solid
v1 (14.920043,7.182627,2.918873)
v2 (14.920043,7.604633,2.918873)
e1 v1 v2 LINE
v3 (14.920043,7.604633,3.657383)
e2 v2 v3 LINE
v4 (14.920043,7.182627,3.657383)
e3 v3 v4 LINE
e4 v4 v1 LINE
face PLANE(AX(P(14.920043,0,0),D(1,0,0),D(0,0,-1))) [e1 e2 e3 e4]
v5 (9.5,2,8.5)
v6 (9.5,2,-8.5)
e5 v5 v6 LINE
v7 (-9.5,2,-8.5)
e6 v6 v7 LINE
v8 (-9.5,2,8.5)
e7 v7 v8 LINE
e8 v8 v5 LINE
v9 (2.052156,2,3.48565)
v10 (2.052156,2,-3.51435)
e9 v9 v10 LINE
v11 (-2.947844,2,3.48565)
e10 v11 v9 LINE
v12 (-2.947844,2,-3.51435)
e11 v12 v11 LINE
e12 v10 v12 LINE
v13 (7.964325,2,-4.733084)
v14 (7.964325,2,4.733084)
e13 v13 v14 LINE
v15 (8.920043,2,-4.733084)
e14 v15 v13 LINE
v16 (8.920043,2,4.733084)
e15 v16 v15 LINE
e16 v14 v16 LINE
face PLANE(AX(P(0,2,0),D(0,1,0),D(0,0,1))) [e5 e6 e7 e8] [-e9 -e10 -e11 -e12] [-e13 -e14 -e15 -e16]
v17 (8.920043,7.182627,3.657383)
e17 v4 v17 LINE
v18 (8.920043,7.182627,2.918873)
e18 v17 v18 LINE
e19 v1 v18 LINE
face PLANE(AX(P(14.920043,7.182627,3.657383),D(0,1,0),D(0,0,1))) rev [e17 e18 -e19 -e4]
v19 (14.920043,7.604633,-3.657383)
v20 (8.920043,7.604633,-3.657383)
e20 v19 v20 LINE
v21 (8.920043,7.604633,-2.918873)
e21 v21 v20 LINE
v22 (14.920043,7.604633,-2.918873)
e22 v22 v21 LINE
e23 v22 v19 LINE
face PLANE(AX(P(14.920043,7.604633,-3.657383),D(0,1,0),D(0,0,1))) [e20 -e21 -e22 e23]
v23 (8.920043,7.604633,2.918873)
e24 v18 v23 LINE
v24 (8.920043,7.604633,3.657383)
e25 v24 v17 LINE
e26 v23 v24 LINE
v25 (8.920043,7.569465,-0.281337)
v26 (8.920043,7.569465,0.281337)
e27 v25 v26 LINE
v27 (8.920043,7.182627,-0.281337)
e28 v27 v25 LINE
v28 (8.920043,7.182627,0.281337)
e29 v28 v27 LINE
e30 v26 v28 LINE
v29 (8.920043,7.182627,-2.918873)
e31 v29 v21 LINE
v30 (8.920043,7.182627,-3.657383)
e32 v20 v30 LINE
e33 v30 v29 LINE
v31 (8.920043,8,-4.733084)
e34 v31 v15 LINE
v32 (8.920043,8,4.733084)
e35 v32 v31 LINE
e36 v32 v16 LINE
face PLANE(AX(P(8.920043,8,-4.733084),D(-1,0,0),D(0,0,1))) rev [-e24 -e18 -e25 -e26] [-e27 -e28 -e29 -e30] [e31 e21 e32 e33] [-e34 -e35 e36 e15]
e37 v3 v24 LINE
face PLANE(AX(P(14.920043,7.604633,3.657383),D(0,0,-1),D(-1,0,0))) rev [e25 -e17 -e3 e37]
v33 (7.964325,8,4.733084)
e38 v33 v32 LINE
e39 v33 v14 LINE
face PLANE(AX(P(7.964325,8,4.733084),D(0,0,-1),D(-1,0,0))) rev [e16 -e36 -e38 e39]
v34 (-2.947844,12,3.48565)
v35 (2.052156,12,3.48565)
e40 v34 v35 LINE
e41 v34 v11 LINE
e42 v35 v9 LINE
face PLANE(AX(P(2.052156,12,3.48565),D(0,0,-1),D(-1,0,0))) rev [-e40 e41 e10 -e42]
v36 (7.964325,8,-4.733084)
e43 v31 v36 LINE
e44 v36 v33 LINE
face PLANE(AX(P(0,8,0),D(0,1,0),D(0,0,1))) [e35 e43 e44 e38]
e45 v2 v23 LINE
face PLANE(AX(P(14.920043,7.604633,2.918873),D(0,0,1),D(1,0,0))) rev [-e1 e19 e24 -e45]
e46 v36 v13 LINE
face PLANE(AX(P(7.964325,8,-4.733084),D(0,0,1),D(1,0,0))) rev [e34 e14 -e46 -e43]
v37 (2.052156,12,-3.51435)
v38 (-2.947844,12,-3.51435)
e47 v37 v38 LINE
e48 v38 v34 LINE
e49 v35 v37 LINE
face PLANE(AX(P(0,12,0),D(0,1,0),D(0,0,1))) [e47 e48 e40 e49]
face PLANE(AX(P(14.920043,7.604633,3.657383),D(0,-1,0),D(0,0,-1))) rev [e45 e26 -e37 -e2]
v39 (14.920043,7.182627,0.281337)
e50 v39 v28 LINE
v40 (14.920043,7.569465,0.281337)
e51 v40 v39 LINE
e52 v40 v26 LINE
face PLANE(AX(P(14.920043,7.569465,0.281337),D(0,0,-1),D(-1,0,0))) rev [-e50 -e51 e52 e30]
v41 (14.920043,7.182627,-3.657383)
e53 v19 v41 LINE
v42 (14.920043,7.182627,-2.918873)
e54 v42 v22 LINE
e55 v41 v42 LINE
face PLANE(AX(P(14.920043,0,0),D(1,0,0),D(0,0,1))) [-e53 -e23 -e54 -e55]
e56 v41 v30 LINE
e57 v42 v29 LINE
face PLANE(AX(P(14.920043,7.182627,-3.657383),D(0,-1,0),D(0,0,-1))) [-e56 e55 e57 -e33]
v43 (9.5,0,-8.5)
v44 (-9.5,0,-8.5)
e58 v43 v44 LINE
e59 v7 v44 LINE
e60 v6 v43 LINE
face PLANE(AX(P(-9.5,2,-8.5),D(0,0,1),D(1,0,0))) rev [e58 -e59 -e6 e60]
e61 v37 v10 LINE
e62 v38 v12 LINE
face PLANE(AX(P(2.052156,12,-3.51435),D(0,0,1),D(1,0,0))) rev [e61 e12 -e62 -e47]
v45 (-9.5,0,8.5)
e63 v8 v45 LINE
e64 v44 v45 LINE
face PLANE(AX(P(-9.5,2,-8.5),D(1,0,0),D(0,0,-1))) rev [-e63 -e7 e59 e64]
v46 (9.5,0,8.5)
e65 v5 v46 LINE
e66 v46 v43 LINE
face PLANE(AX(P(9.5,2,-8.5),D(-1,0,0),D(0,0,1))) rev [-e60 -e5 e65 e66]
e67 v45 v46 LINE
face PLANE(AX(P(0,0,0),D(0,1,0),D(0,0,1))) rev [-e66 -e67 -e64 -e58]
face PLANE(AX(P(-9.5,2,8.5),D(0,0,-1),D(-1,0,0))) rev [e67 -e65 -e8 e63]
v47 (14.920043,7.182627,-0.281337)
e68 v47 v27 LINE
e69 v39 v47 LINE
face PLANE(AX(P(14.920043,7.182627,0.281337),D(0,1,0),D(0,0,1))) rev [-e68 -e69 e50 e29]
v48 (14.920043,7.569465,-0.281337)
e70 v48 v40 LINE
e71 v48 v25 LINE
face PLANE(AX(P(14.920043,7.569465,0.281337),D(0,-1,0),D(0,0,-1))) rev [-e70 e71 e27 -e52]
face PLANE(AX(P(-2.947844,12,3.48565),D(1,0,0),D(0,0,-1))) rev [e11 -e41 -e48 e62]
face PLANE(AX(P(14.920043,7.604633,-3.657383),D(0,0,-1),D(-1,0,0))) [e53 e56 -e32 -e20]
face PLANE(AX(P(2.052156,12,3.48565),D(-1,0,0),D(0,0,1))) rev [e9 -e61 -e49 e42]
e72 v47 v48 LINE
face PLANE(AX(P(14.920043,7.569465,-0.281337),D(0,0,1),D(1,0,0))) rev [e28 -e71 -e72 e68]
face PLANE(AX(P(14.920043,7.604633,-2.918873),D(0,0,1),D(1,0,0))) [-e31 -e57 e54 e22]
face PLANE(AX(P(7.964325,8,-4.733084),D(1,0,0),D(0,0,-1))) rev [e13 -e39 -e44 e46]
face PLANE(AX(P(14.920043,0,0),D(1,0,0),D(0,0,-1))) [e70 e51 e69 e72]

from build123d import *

# Parameters (mm, degrees)
ESQUISSE1_W        = 19
ESQUISSE1_H        = 17
BOSS_EXTRU_1_DEPTH = 2
ESQUISSE2_W        = 0.955718941
ESQUISSE2_H        = 9.466168562
BOSS_EXTRU_2_DEPTH = 6
ESQUISSE3_W        = 0.738510091
ESQUISSE3_H        = 0.422005766
BOSS_EXTRU_3_DEPTH = 6
ESQUISSE4_W        = 0.562674356
ESQUISSE4_H        = 0.386838619
BOSS_EXTRU_4_DEPTH = 6
ESQUISSE5_W        = 5
ESQUISSE5_H        = 7
BOSS_EXTRU_5_DEPTH = 10


with BuildPart() as part:
    # Esquisse1 → Boss.-Extru.1 (new body)
    with BuildSketch(Plane(origin=(0, 0, 0), x_dir=(1, 0, 0), z_dir=(0, 1, 0))):
        Rectangle(ESQUISSE1_W, ESQUISSE1_H)
    extrude(amount=BOSS_EXTRU_1_DEPTH)

    # Esquisse2 → Boss.-Extru.2 (add)
    with BuildSketch(Plane(origin=(0, 2, 0), x_dir=(1, 0, 0), z_dir=(0, 1, 0))):
        with Locations((8.442183982, 0)):
            Rectangle(ESQUISSE2_W, ESQUISSE2_H)
    extrude(amount=BOSS_EXTRU_2_DEPTH)

    # Esquisse3 → Boss.-Extru.3 (add)
    with BuildSketch(Plane(origin=(8.920043452, 0, 0), x_dir=(0, 0, -1), z_dir=(1, 0, 0))):
        with Locations((-3.288128263, 7.393629704)):
            Rectangle(ESQUISSE3_W, ESQUISSE3_H)
    boss_extru_3 = extrude(amount=BOSS_EXTRU_3_DEPTH)

    # Symétrie1: Boss.-Extru.3 across plane
    add(boss_extru_3.mirror(Plane.XY))

    # Esquisse4 → Boss.-Extru.4 (add)
    with BuildSketch(Plane(origin=(8.920043452, 0, 0), x_dir=(0, 0, -1), z_dir=(1, 0, 0))):
        with Locations((0, 7.376046131)):
            Rectangle(ESQUISSE4_W, ESQUISSE4_H)
    extrude(amount=BOSS_EXTRU_4_DEPTH)

    # Esquisse5 → Boss.-Extru.5 (add)
    with BuildSketch(Plane(origin=(0, 2, 0), x_dir=(1, 0, 0), z_dir=(0, 1, 0))):
        with Locations((-0.447844474, 0.014350287)):
            Rectangle(ESQUISSE5_W, ESQUISSE5_H)
    extrude(amount=BOSS_EXTRU_5_DEPTH)


solid = part.part
